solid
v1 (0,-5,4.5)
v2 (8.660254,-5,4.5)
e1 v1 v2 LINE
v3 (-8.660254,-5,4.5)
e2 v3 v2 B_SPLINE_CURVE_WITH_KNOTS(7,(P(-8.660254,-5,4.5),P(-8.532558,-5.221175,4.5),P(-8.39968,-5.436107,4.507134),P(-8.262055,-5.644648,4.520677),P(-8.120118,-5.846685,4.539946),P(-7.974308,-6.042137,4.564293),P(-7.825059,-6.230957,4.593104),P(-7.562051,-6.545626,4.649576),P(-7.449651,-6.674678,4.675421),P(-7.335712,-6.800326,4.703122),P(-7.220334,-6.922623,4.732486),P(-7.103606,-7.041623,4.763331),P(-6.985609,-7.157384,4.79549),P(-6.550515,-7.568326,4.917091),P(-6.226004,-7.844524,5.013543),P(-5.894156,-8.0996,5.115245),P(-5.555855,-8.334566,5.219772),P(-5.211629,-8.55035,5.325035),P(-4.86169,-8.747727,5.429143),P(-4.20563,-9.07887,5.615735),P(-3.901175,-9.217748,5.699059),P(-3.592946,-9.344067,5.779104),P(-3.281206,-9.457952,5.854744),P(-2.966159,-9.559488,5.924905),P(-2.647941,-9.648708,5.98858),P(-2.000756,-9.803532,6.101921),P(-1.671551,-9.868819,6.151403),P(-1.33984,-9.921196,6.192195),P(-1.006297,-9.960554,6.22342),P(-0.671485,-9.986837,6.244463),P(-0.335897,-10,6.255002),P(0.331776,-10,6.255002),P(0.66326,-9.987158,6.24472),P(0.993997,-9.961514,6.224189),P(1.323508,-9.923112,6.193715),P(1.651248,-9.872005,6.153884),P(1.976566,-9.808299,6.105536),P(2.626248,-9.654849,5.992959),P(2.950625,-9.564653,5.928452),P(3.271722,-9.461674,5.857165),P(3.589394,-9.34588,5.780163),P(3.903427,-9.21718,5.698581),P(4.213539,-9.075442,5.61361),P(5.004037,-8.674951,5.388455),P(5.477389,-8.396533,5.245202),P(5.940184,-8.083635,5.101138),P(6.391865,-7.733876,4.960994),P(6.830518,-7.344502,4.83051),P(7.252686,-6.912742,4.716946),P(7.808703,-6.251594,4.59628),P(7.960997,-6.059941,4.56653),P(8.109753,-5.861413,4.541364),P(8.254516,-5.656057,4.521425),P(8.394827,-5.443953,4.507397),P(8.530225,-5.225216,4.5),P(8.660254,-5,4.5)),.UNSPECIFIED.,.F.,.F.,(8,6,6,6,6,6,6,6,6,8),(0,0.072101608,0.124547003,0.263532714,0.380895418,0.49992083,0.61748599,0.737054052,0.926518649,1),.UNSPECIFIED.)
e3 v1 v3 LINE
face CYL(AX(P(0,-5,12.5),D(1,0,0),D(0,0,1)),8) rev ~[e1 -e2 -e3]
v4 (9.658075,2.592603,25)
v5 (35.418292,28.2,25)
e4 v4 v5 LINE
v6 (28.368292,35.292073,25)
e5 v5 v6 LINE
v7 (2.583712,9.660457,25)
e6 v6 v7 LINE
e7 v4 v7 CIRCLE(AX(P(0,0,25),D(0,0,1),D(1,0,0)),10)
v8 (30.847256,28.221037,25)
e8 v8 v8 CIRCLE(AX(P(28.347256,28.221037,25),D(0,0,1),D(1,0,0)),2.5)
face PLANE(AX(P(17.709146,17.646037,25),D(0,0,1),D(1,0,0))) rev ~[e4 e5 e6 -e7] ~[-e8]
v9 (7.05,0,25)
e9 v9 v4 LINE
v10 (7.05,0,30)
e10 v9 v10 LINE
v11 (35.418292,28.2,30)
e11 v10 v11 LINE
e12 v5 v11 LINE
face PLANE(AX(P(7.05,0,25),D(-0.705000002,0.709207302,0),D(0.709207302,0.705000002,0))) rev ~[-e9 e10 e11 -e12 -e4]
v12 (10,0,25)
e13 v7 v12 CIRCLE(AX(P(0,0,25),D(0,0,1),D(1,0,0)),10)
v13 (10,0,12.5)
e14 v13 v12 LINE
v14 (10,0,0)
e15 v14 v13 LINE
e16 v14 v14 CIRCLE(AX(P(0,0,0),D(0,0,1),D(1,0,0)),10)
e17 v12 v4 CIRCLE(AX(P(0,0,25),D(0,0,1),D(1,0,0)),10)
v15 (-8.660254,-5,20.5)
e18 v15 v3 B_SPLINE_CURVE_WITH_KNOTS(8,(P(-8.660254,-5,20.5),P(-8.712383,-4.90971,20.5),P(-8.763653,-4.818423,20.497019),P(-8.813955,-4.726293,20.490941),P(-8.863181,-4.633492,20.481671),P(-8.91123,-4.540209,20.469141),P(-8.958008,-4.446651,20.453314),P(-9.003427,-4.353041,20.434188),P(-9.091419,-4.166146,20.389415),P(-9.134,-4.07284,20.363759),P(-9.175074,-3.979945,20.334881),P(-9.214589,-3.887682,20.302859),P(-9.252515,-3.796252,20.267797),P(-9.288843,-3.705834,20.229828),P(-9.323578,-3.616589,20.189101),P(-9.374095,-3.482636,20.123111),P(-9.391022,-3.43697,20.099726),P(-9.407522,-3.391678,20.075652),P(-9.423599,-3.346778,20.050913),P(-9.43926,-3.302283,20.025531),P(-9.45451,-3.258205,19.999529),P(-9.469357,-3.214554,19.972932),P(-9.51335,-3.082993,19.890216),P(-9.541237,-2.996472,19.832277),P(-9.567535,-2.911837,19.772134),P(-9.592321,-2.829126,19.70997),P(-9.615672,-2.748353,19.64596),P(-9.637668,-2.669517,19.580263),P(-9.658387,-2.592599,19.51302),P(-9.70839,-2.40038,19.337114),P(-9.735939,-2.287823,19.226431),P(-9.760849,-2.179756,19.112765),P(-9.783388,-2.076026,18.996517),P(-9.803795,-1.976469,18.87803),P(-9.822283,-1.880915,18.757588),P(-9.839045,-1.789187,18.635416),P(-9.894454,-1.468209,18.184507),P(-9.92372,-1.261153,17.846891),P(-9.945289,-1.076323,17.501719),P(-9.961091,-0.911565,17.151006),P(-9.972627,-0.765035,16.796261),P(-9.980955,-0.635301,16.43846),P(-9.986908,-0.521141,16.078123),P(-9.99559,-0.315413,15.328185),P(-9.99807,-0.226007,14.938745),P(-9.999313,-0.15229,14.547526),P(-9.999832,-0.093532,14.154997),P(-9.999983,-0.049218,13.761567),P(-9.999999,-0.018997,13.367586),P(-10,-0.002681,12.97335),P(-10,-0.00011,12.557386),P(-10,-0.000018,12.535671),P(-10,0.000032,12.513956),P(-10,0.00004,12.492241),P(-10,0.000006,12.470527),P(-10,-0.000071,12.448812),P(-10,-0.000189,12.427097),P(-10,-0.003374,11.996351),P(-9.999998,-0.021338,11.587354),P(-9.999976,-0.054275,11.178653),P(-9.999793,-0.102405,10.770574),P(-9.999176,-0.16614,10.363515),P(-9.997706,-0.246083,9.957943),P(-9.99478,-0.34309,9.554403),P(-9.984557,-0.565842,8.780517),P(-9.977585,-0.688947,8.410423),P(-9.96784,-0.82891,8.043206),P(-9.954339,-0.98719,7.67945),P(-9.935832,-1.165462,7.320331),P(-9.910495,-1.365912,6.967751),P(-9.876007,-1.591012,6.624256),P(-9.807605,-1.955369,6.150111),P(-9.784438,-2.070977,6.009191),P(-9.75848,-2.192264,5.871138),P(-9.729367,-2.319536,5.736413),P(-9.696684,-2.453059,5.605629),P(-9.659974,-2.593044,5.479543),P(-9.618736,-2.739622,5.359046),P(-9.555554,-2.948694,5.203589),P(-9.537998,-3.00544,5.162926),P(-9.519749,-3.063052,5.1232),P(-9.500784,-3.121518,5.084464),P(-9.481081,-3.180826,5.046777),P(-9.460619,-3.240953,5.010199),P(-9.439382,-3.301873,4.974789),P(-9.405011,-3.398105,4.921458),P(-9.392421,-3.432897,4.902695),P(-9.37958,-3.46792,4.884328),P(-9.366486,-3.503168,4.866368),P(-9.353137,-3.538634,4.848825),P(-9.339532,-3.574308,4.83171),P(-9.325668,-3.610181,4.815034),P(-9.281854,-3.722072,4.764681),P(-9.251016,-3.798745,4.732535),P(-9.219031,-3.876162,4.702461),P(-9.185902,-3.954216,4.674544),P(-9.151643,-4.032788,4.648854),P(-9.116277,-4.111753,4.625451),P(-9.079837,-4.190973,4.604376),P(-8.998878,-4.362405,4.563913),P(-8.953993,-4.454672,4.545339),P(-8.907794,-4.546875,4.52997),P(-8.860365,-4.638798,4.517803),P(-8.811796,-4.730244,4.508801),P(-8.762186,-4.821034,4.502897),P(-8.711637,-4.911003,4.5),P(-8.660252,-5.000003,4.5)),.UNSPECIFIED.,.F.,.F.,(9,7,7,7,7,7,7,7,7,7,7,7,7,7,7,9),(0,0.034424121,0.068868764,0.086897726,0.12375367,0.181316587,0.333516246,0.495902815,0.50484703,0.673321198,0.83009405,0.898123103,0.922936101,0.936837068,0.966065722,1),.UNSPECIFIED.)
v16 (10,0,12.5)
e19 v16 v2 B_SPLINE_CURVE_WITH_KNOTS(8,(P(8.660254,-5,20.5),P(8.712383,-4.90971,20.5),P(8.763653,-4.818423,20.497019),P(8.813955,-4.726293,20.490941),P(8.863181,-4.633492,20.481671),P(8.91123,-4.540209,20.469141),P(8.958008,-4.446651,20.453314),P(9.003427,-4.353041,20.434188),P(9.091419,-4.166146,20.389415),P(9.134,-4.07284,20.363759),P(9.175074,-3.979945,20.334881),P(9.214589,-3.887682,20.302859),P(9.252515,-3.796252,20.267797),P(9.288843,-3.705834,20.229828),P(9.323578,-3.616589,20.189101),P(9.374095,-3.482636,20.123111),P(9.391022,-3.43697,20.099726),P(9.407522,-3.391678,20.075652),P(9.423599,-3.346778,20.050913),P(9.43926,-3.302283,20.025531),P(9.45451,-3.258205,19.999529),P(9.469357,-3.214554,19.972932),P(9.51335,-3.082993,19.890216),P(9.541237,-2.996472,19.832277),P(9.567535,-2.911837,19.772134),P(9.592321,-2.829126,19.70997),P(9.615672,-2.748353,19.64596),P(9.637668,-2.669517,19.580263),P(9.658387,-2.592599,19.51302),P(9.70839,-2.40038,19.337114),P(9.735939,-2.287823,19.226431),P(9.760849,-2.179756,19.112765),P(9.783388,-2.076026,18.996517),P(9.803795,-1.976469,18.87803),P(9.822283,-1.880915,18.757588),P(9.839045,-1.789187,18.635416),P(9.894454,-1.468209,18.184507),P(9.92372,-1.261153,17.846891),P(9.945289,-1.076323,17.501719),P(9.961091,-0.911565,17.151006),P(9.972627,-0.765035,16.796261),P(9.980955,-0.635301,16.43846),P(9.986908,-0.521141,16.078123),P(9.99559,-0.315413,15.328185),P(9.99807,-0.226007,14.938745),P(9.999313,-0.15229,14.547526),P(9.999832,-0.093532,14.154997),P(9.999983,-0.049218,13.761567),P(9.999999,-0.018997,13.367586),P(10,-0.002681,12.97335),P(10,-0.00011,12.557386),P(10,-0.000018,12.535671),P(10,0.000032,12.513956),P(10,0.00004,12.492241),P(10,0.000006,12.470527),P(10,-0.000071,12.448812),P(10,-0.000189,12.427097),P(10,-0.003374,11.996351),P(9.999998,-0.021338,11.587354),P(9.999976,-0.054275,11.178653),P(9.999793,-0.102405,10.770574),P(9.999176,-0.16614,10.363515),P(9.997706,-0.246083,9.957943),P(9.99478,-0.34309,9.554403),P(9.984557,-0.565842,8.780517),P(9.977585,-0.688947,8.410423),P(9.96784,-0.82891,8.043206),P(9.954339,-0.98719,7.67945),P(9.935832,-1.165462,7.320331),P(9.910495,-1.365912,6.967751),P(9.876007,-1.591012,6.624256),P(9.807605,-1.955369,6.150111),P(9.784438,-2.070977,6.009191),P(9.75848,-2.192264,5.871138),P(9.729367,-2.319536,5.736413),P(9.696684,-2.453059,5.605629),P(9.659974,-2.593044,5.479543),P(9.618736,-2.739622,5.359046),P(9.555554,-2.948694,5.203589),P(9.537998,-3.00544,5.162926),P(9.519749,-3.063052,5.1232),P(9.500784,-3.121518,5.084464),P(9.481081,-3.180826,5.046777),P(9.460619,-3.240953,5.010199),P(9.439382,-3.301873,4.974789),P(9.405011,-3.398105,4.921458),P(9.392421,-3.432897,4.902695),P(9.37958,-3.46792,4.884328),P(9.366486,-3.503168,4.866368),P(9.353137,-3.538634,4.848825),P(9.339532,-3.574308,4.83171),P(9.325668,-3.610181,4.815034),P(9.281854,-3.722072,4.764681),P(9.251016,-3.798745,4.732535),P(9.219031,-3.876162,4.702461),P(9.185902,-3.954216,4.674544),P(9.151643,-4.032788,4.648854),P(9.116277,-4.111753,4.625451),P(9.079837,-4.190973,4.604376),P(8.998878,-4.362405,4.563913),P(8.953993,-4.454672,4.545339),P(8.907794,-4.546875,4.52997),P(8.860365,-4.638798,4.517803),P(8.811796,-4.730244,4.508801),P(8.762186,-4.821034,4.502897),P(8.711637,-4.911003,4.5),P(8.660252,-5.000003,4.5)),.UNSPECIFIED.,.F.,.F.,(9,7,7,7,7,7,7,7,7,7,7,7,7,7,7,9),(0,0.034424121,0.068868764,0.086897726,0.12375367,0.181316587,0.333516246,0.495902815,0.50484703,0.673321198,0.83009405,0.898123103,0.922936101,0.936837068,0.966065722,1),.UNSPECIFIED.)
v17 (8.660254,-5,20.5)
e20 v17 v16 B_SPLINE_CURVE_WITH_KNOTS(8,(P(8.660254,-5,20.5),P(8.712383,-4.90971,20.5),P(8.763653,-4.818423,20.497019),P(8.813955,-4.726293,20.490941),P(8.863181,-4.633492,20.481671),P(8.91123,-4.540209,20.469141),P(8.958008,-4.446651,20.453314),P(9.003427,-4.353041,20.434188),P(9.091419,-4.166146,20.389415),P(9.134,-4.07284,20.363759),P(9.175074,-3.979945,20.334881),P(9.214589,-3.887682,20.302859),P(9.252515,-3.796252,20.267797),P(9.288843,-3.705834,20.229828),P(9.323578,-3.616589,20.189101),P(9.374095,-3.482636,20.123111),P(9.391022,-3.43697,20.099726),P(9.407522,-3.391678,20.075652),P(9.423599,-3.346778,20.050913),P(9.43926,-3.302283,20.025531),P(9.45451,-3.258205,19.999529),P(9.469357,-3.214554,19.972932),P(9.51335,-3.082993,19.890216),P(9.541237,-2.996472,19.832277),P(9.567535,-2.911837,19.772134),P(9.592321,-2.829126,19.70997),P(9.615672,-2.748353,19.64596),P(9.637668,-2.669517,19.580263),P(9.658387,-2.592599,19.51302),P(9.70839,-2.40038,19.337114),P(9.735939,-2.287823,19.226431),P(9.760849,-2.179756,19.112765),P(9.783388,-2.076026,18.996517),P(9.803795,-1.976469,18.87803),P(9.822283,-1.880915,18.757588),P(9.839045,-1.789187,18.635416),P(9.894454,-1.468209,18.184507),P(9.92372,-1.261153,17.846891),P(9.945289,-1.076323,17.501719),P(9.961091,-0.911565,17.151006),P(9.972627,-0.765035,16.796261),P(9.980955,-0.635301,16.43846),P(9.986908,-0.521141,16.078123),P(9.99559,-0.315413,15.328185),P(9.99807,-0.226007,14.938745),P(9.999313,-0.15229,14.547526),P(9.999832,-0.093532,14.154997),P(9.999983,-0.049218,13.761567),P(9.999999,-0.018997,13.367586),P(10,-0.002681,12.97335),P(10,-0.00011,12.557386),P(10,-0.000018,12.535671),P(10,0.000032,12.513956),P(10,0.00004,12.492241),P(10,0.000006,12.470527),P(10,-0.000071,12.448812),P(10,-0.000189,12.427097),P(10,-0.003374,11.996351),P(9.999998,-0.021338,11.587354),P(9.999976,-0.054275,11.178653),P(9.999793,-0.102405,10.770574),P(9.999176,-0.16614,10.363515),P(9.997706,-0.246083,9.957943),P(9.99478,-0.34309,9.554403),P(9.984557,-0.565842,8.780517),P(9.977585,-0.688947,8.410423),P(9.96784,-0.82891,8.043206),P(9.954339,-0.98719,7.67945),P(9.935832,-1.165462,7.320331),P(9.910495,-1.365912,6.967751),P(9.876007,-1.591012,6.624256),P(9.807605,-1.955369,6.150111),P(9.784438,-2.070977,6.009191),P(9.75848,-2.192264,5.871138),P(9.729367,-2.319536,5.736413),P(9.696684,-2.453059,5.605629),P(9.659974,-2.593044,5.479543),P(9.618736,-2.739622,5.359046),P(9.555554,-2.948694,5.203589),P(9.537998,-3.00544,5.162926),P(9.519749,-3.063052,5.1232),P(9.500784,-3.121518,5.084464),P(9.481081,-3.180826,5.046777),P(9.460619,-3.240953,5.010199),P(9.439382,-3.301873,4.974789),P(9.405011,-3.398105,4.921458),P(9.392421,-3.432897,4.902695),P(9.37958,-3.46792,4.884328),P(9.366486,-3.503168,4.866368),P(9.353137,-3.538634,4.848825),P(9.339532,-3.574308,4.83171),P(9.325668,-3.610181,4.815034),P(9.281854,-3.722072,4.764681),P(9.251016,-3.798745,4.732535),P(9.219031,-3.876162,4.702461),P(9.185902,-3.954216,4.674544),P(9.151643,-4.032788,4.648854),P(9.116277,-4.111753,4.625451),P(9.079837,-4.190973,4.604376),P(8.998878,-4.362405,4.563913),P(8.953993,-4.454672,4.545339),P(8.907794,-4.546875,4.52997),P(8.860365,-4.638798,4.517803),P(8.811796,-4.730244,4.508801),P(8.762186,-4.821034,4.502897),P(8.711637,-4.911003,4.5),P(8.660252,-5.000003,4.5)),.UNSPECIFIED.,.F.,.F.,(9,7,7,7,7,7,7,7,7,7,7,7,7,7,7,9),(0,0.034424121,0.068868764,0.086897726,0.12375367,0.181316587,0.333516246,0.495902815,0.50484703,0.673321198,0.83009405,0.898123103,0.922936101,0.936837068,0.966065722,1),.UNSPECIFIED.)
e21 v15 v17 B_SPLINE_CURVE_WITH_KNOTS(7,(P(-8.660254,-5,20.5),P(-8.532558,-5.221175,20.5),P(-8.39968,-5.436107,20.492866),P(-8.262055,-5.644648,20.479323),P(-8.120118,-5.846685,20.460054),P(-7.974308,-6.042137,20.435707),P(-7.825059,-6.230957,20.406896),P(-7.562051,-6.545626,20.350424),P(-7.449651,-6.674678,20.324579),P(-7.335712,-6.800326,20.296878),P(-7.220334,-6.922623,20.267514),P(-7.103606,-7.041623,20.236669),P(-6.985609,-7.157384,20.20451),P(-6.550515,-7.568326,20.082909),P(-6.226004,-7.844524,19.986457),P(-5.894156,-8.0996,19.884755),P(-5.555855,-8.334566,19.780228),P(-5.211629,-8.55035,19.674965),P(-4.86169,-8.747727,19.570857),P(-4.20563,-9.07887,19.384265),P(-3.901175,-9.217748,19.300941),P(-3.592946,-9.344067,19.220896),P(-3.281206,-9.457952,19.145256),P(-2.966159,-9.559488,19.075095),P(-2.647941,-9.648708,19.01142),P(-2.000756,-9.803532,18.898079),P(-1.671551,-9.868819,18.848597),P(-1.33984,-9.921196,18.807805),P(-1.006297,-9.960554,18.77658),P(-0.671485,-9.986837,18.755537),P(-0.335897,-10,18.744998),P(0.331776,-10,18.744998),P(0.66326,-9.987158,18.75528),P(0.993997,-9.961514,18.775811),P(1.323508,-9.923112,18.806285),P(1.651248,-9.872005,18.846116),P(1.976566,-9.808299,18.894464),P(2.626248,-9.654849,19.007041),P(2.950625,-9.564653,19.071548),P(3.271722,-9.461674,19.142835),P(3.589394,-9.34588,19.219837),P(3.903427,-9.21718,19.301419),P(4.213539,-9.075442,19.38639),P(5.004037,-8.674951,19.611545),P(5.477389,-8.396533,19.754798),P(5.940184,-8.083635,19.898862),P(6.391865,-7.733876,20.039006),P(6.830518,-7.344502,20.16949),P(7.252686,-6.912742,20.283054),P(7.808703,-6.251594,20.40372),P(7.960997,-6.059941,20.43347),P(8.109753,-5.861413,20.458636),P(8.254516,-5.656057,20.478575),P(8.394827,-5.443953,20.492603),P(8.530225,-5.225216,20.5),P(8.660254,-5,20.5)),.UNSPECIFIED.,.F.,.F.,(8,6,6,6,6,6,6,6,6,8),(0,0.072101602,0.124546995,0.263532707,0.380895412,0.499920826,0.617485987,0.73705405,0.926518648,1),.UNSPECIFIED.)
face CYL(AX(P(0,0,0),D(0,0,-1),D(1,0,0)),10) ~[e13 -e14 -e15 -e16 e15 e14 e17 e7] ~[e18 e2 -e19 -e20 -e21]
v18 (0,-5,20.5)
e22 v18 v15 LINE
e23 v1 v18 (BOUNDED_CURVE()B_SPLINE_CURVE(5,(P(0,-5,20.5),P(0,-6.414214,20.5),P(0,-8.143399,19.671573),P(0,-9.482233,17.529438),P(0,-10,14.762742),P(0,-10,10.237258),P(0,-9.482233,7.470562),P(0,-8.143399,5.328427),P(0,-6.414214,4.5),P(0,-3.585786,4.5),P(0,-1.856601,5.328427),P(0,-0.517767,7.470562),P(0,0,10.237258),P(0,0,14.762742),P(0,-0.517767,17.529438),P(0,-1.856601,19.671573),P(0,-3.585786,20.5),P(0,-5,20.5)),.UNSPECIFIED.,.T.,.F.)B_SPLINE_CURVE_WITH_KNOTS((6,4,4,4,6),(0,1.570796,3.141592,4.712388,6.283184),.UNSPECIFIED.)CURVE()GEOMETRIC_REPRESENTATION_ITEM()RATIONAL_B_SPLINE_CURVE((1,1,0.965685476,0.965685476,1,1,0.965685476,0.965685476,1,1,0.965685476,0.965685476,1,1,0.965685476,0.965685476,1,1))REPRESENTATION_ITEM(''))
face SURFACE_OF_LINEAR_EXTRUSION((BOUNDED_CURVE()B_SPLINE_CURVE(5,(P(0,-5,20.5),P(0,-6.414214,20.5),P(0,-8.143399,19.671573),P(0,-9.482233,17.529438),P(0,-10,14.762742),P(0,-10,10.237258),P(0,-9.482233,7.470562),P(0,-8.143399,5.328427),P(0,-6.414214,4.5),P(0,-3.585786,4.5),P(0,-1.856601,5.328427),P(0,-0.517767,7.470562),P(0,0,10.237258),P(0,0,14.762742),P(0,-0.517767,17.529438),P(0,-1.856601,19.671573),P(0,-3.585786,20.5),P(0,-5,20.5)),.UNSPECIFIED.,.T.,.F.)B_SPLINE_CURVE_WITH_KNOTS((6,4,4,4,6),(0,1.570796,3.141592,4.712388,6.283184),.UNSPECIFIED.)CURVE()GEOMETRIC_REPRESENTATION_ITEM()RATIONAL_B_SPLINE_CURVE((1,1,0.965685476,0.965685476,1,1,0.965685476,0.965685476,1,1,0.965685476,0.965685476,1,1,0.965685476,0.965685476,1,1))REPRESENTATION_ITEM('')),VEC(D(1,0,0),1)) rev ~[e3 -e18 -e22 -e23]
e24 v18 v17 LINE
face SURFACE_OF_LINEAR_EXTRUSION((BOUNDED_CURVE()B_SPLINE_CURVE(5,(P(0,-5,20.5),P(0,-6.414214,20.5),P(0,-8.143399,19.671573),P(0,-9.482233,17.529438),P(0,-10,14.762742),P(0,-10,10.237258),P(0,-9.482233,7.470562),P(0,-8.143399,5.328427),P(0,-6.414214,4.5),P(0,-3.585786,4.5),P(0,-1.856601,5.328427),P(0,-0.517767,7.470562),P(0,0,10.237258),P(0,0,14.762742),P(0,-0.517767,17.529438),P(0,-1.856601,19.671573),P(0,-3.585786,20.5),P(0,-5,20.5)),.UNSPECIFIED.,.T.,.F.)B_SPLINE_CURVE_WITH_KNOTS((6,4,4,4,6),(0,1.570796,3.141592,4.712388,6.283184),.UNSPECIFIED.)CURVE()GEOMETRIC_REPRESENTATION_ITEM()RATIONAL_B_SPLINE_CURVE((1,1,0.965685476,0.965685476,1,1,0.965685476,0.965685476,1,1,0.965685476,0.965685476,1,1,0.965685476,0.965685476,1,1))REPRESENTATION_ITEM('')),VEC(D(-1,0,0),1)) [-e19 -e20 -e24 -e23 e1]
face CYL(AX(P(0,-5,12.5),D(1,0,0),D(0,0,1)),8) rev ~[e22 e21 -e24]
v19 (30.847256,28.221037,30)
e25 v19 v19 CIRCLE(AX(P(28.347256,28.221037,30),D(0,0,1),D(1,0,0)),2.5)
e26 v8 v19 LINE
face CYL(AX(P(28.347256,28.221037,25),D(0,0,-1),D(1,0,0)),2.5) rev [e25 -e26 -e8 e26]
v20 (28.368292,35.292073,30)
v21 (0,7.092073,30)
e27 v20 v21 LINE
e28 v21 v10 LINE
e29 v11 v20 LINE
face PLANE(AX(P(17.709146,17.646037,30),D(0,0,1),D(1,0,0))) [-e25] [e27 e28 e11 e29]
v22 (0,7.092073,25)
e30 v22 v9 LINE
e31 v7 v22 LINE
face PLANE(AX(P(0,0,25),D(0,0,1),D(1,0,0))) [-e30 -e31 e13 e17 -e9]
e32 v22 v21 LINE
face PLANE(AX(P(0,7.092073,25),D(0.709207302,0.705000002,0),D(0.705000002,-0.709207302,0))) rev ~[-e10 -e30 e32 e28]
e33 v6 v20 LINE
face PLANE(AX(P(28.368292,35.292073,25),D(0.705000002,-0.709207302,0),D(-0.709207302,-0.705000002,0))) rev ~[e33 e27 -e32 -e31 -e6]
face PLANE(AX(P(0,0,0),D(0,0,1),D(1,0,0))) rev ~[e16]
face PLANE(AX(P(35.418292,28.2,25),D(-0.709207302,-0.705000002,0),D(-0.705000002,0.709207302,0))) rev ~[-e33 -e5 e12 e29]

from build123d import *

# Parameters (mm, degrees)
F0_R     = 10
F1_DEPTH = 25
F3_DEPTH = 12.5
F4_R     = 2.5
F5_DEPTH = 5


with BuildPart() as f1:
    # F0 (on Top) → F1 (new body)
    with BuildSketch(Plane.XY):
        Circle(F0_R)
    extrude(amount=F1_DEPTH)

    # F2 (on Right) → F3 (cut, symmetric)
    with BuildSketch(Plane.YZ):
        with BuildLine():
            add(Edge.make_bspline(
                [(-5, 4.5), (0, 4.5), (0, 12.5), (0, 20.5), (-5, 20.5)],
                knots=[3.141593, 3.141593, 3.141593, 4.712389, 4.712389, 6.283185, 6.283185, 6.283185], degree=2, weights=[1, 0.707107, 1, 0.707107, 1]))
            add(Edge.make_bspline(
                [(-5, 20.5), (-10, 20.5), (-10, 12.5), (-10, 4.5), (-5, 4.5)],
                knots=[0, 0, 0, 1.570796, 1.570796, 3.141593, 3.141593, 3.141593], degree=2, weights=[1, 0.707107, 1, 0.707107, 1]))
        make_face()
        with BuildLine():
            add(Edge.make_bspline(
                [(-5, 20.5), (-10, 20.5), (-10, 12.5), (-10, 4.5), (-5, 4.5)],
                knots=[0, 0, 0, 1.570796, 1.570796, 3.141593, 3.141593, 3.141593], degree=2, weights=[1, 0.707107, 1, 0.707107, 1]))
            ThreePointArc((-5, 20.5), (-13, 12.5), (-5, 4.5))
        make_face()
    extrude(amount=F3_DEPTH, both=True, mode=Mode.SUBTRACT)

    # F4 (on face) → F5 (join)
    with BuildSketch(Plane.XY.offset(25)):
        Polygon((28.368292, 35.292073), (0, 7.092073), (7.05, 0), (35.418292, 28.2), align=None)
        with Locations((28.347256, 28.221037)):
            Circle(F4_R, mode=Mode.SUBTRACT)
    extrude(amount=F5_DEPTH)


solid = f1.part
